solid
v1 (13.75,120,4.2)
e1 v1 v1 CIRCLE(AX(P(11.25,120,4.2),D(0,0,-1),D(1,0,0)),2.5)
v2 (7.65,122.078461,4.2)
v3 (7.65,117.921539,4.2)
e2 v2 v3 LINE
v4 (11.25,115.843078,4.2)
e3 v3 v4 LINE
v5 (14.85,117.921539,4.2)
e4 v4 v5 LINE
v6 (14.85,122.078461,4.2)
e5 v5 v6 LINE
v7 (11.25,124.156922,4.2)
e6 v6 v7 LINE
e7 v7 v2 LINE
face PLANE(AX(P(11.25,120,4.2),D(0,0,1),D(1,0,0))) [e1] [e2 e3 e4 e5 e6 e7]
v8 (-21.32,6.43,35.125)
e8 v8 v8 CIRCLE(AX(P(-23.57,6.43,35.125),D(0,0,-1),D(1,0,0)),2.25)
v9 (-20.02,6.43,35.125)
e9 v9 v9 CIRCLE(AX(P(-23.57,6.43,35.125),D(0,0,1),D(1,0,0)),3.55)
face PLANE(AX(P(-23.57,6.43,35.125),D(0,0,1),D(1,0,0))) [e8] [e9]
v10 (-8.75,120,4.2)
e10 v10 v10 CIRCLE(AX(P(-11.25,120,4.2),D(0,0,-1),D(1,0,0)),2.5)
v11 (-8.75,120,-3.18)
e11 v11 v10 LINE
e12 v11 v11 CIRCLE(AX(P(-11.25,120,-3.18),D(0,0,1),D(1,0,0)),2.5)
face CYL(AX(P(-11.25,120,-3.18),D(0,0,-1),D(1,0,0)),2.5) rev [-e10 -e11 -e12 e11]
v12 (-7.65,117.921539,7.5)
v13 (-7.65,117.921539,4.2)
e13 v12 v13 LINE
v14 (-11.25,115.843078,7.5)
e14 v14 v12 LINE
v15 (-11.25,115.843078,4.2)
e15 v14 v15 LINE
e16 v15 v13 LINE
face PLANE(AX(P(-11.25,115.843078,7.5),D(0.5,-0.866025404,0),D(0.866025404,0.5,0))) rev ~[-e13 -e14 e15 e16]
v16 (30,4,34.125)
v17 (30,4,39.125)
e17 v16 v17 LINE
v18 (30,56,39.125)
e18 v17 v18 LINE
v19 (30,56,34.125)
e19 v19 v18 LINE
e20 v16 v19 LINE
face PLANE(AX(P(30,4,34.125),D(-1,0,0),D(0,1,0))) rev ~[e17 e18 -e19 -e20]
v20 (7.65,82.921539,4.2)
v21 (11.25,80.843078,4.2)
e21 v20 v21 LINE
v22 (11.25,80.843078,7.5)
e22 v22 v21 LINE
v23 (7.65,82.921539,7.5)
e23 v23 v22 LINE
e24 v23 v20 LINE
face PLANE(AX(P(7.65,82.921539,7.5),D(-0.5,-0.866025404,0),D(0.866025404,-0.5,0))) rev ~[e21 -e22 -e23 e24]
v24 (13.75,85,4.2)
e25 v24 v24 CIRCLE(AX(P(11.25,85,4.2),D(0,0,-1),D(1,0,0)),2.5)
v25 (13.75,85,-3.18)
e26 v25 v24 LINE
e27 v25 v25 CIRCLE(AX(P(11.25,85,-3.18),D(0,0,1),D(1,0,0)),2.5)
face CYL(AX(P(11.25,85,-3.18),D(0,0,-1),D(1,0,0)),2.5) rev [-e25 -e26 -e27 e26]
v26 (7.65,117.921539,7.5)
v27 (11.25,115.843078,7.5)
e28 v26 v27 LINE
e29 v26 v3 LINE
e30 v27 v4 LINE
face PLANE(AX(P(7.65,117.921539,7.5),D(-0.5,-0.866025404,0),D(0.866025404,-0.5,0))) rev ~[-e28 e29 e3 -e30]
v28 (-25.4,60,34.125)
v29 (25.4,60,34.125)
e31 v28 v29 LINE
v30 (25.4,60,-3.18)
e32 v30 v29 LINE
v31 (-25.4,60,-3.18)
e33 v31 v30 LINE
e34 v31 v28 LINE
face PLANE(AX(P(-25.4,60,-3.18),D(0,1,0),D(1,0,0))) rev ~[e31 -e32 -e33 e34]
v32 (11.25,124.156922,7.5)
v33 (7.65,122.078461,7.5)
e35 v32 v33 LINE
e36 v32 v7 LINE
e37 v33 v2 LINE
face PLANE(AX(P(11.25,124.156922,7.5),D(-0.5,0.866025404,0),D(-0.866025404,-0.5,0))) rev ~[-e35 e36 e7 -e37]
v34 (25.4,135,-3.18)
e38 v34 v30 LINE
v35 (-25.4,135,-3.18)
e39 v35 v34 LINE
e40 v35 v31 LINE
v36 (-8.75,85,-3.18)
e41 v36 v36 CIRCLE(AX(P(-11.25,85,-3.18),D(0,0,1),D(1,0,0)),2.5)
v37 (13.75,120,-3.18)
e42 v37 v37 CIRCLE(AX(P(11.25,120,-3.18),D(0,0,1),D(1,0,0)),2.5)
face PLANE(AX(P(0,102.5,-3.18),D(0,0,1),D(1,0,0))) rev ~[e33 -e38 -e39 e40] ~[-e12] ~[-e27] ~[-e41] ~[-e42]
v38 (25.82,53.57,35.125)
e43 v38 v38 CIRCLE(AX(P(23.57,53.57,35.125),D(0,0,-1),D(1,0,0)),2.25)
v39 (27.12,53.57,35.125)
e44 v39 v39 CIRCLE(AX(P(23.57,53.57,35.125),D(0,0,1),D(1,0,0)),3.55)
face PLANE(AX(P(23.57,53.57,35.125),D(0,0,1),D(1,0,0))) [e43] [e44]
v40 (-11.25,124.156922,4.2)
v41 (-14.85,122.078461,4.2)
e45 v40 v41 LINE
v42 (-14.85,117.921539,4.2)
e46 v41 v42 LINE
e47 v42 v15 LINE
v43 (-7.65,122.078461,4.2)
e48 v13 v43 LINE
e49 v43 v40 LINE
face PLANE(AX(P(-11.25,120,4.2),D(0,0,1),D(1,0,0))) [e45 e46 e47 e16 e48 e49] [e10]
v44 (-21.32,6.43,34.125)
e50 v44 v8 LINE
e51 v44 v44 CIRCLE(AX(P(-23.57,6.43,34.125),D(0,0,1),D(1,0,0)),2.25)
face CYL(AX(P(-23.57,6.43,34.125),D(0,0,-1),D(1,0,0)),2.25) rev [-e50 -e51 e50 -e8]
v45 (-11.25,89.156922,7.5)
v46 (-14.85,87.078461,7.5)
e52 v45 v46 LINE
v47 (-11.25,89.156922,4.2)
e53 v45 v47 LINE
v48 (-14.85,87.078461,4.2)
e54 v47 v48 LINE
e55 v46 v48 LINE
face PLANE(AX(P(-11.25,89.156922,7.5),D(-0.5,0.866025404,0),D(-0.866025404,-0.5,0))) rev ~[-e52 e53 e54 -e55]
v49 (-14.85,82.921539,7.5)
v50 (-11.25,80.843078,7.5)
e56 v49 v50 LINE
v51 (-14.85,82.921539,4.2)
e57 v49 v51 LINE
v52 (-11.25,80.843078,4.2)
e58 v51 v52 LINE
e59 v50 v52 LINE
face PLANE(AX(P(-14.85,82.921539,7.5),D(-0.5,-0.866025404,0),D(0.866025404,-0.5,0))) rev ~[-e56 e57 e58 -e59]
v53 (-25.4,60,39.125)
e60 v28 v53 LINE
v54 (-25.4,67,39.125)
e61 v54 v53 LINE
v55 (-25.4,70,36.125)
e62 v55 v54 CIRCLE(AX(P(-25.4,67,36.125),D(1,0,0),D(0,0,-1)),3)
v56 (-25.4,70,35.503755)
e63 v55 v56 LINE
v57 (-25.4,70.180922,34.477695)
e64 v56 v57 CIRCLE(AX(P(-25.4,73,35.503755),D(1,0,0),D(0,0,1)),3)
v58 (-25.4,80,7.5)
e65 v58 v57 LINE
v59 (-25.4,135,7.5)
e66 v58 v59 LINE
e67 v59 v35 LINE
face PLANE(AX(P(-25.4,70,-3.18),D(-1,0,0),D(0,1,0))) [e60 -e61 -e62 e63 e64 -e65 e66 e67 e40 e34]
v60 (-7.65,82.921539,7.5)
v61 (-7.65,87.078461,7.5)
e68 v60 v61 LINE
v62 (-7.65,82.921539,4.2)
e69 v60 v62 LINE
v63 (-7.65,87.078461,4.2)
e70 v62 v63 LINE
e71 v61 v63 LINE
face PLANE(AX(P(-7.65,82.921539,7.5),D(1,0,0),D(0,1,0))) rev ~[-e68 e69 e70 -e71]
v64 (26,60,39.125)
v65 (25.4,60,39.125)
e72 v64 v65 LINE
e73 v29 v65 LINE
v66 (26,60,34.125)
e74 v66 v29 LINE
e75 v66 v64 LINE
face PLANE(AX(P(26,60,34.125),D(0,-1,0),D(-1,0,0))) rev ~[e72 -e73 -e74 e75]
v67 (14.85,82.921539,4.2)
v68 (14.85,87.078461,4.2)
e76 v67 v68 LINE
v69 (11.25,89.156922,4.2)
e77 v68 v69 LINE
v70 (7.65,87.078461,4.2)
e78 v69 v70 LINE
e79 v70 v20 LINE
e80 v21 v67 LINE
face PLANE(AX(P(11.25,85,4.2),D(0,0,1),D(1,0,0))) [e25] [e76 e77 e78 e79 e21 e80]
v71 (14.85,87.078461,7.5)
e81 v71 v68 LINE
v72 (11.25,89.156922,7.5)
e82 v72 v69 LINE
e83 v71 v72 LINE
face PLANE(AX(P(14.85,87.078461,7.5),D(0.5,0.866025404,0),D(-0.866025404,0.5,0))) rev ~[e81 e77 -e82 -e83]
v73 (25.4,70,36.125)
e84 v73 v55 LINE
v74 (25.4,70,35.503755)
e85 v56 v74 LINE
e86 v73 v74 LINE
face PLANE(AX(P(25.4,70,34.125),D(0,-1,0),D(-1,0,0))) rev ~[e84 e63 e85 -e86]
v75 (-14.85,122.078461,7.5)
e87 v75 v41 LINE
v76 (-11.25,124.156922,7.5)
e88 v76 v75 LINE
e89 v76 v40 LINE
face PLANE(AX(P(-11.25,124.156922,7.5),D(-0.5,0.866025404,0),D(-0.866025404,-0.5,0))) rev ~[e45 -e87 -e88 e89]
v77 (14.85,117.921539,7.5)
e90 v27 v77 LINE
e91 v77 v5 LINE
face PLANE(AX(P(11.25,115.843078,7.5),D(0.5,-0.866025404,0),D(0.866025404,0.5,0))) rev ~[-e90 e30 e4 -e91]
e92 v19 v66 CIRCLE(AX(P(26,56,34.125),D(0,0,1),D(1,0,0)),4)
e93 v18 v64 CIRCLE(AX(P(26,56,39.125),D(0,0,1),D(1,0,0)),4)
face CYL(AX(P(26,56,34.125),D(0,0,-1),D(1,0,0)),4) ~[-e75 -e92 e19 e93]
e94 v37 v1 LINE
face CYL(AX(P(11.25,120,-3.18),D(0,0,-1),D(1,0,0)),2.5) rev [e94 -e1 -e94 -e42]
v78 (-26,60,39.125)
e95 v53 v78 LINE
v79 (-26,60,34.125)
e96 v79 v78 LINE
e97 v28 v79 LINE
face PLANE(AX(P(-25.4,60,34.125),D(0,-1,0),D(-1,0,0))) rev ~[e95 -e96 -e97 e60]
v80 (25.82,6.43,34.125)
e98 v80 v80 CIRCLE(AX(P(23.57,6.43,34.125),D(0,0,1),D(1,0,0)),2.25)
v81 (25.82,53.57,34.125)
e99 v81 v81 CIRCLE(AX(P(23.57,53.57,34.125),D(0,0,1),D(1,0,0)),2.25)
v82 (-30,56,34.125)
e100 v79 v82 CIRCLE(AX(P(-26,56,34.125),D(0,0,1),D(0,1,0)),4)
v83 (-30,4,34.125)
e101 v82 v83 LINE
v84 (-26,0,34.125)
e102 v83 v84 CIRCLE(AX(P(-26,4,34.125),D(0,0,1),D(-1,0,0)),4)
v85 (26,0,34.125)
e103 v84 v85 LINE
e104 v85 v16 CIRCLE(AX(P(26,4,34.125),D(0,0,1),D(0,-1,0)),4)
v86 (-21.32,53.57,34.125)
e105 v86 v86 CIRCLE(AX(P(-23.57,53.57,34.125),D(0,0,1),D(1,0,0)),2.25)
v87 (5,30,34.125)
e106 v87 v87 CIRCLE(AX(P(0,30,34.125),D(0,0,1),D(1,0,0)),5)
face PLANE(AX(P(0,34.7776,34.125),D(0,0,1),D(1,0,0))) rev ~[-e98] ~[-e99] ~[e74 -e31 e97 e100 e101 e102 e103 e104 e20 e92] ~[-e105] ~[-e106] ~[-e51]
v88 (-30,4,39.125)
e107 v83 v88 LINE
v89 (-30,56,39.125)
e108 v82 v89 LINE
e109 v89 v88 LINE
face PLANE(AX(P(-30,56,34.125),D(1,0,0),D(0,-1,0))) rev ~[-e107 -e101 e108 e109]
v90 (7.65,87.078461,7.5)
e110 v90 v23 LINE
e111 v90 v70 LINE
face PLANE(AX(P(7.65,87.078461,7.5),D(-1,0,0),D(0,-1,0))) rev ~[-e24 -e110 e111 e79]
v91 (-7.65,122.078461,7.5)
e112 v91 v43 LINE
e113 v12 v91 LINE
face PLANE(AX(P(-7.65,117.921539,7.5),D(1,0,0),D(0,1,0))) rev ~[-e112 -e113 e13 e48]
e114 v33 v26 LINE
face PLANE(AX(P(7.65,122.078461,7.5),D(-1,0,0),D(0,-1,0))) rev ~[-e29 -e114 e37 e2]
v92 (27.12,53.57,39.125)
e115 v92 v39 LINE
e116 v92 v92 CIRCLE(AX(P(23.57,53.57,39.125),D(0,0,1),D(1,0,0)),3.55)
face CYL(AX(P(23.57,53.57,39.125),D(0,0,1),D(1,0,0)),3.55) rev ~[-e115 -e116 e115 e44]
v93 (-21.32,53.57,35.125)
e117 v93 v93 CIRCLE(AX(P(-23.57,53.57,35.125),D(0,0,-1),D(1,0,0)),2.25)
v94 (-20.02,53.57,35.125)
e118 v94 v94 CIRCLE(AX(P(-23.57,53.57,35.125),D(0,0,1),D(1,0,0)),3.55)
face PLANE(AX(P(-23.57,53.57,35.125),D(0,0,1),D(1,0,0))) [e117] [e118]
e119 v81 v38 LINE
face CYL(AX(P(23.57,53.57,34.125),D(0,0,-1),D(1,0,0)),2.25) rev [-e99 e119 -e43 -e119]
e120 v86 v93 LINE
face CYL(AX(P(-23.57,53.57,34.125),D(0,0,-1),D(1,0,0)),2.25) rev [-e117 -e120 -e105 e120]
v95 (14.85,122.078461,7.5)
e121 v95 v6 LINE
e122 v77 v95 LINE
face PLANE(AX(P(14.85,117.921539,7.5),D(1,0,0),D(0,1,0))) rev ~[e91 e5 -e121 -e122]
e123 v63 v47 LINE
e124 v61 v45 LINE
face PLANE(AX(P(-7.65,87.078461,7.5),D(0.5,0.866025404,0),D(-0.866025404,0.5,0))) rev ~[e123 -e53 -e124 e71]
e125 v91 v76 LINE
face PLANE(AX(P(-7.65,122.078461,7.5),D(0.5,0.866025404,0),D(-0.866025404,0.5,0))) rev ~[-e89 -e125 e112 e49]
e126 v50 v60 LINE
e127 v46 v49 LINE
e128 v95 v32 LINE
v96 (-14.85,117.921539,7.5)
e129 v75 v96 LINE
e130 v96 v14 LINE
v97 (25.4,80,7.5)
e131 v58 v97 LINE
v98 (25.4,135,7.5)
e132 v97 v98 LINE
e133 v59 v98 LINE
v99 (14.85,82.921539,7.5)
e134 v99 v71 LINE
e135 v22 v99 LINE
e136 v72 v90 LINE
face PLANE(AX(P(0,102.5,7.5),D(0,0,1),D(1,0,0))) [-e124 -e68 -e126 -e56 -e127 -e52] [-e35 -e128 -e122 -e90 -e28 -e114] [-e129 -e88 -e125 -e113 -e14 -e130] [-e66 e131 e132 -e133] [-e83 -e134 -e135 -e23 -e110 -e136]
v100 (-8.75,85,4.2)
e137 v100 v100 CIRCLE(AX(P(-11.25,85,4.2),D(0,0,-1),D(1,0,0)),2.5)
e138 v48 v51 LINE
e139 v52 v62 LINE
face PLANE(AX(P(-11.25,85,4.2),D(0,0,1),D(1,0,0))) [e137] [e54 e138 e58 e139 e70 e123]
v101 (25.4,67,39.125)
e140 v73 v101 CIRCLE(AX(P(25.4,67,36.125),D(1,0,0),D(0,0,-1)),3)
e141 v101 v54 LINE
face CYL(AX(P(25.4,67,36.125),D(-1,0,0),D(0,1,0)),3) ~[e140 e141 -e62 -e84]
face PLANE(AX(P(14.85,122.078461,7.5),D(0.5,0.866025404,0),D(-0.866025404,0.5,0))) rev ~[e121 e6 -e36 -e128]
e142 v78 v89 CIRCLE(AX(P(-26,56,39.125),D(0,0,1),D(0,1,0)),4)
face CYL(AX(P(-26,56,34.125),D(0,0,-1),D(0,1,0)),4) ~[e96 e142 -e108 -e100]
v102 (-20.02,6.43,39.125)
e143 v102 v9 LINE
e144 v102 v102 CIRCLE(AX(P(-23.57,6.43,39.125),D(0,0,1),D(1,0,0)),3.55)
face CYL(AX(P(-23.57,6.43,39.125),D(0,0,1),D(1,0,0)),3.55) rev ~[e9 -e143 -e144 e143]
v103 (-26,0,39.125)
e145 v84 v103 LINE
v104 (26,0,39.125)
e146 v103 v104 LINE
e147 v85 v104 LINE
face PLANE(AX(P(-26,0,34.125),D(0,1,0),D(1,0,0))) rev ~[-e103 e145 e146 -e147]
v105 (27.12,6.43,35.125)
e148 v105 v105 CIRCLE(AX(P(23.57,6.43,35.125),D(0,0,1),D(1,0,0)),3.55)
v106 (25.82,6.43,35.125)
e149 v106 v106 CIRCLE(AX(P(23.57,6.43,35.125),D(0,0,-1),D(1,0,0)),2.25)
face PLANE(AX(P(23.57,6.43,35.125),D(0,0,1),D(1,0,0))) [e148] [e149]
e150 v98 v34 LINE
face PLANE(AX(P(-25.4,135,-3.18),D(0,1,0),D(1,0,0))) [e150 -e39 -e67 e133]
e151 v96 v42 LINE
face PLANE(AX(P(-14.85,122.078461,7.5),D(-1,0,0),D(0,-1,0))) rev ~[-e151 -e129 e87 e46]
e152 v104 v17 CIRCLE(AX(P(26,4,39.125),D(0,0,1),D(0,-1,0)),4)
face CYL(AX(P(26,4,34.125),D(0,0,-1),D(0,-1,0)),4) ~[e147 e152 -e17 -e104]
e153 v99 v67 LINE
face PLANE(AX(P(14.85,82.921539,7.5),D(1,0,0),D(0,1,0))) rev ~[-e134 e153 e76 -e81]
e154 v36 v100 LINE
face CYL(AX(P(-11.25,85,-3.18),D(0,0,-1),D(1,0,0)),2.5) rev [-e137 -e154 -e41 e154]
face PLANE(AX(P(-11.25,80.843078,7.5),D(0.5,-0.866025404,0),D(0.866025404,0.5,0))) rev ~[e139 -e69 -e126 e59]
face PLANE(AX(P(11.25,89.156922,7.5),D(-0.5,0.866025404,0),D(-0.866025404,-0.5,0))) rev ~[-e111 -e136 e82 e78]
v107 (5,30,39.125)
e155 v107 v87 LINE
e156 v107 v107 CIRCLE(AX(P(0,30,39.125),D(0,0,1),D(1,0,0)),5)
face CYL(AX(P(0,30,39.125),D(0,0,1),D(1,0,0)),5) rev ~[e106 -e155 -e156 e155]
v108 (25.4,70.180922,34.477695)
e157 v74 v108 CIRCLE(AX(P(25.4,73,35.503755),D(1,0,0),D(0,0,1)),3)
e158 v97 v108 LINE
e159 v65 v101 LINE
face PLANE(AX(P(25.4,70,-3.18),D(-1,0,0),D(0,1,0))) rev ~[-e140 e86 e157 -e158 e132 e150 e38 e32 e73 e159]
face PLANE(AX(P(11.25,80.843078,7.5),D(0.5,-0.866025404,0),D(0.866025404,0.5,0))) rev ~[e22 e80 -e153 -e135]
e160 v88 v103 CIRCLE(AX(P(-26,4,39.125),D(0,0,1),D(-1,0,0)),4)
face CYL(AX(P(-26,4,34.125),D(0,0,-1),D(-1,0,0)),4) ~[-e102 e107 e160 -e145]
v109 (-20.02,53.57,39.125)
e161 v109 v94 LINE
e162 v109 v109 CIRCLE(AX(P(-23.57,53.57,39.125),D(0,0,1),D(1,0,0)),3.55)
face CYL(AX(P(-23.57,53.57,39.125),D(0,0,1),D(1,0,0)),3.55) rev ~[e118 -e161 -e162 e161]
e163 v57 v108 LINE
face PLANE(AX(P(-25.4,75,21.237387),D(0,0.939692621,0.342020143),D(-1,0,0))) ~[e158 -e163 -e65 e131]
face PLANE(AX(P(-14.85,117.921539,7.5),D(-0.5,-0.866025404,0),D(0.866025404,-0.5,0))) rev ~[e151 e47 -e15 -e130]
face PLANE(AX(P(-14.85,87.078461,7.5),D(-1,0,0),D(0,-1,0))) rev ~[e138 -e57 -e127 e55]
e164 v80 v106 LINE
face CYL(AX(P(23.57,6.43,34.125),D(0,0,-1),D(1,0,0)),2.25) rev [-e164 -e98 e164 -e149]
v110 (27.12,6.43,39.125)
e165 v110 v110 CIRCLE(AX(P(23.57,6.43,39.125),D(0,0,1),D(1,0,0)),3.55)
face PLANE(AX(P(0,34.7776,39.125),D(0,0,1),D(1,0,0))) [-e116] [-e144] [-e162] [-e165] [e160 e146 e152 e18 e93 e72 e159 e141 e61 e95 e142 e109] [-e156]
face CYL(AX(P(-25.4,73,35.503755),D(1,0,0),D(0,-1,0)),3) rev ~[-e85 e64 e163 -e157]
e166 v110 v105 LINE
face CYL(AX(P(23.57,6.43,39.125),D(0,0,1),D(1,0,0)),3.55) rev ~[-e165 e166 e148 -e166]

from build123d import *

# Parameters (mm, degrees)
SKETCH1_W           = 50.8
SKETCH1_H           = 65.000000038
SKETCH1_R           = 2.5
EXTRUDE_5_DEPTH     = 7.5
SKETCH1_3_W         = 50.8
SKETCH1_3_H         = 10
BOSS_EXTRUDE1_DEPTH = 34.125
BOSS_EXTRUDE2_START = 34.125
SKETCH1_4_R         = 2.25
BOSS_EXTRUDE2_DEPTH = 5
CHAMFER1_SIZE       = 10
CHAMFER1_SIZE2      = 27.474774195
FILLET1_R           = 3
SKETCH2_R           = 5
CUT_EXTRUDE1_DEPTH  = 144.721138443
SKETCH3_R           = 3.55
CUT_EXTRUDE2_DEPTH  = 4
CUT_EXTRUDE3_DEPTH  = 3.3
BOSS_EXTRUDE3_START = -3.18
SKETCH1_5_W         = 50.8
SKETCH1_5_H         = 65.000000038
SKETCH1_5_R         = 2.5
SKETCH1_5_H_2       = 10
BOSS_EXTRUDE3_DEPTH = 3.18


with BuildPart() as part:
    # Sketch1 → 5 (new body)
    with BuildSketch(Plane.XY):
        with Locations((0, 102.500000019)):
            Rectangle(SKETCH1_W, SKETCH1_H)
        with Locations((-11.25, 85.000000038)):
            Circle(SKETCH1_R, mode=Mode.SUBTRACT)
        with Locations((-11.25, 120.000000038)):
            Circle(SKETCH1_R, mode=Mode.SUBTRACT)
        with Locations((11.25, 85.000000038)):
            Circle(SKETCH1_R, mode=Mode.SUBTRACT)
        with Locations((11.25, 120.000000038)):
            Circle(SKETCH1_R, mode=Mode.SUBTRACT)
    extrude(amount=EXTRUDE_5_DEPTH)

    # Sketch1<3> → Boss-Extrude1 (add)
    with BuildSketch(Plane.XY):
        with Locations((0, 65)):
            Rectangle(SKETCH1_3_W, SKETCH1_3_H)
    extrude(amount=BOSS_EXTRUDE1_DEPTH)

    # Sketch1<4> → Boss-Extrude2 (add)
    with BuildSketch(Plane.XY.offset(BOSS_EXTRUDE2_START)):
        with BuildLine():
            Line((-25.4, 70), (-25.4, 60))
            Line((-25.4, 60), (-26, 60))
            ThreePointArc((-26, 60), (-28.828427125, 58.828427125), (-30, 56))
            Line((-30, 56), (-30, 4))
            ThreePointArc((-30, 4), (-28.828427125, 1.171572875), (-26, 0))
            Line((-26, 0), (26, 0))
            ThreePointArc((26, 0), (28.828427125, 1.171572875), (30, 4))
            Line((30, 4), (30, 56))
            ThreePointArc((30, 56), (28.828427125, 58.828427125), (26, 60))
            Line((26, 60), (25.4, 60))
            Line((25.4, 60), (25.4, 70))
            Line((25.4, 70), (-25.4, 70))
        make_face()
        with Locations((23.57, 53.57)):
            Circle(SKETCH1_4_R, mode=Mode.SUBTRACT)
        with Locations((-23.57, 6.43)):
            Circle(SKETCH1_4_R, mode=Mode.SUBTRACT)
        with Locations((-23.57, 53.57)):
            Circle(SKETCH1_4_R, mode=Mode.SUBTRACT)
        with Locations((23.57, 6.43)):
            Circle(SKETCH1_4_R, mode=Mode.SUBTRACT)
    extrude(amount=BOSS_EXTRUDE2_DEPTH)

    # Chamfer1
    chamfer1_edges = [part.edges().sort_by_distance(p)[0] for p in [
        (0, 70, 7.5),
    ]]
    chamfer1_side = [part.faces().sort_by_distance(p)[0] for p in [
        (0, 102.500000019, 7.5),
    ]]
    chamfer(chamfer1_edges, length=CHAMFER1_SIZE, length2=CHAMFER1_SIZE2, reference=chamfer1_side[0])

    # Fillet1
    fillet1_edges = [part.edges().sort_by_distance(p)[0] for p in [
        (0, 70, 39.125),
        (0, 70, 34.974774195),
    ]]
    fillet(fillet1_edges, radius=FILLET1_R)

    # Sketch2 → Cut-Extrude1 (cut, through all)
    with BuildSketch(Plane.XY.offset(39.125)):
        with Locations((0, 30)):
            Circle(SKETCH2_R)
    extrude(amount=-CUT_EXTRUDE1_DEPTH, mode=Mode.SUBTRACT)

    # Sketch3 → Cut-Extrude2 (cut)
    with BuildSketch(Plane.XY.offset(39.125)):
        with Locations((-23.57, 53.57)):
            Circle(SKETCH3_R)
        with Locations((23.57, 53.57)):
            Circle(SKETCH3_R)
        with Locations((-23.57, 6.43)):
            Circle(SKETCH3_R)
        with Locations((23.57, 6.43)):
            Circle(SKETCH3_R)
    extrude(amount=-CUT_EXTRUDE2_DEPTH, mode=Mode.SUBTRACT)

    # Sketch4 → Cut-Extrude3 (cut)
    with BuildSketch(Plane.XY.offset(7.5)):
        Polygon((-11.25, 124.156921976), (-14.85, 122.078461007), (-14.85, 117.921539069), (-11.25, 115.8430781), (-7.65, 117.921539069), (-7.65, 122.078461007), align=None)
        Polygon((11.25, 124.156921976), (7.65, 122.078461007), (7.65, 117.921539069), (11.25, 115.8430781), (14.85, 117.921539069), (14.85, 122.078461007), align=None)
        Polygon((-11.25, 89.156921976), (-14.85, 87.078461007), (-14.85, 82.921539069), (-11.25, 80.8430781), (-7.65, 82.921539069), (-7.65, 87.078461007), align=None)
        Polygon((11.25, 89.156921976), (7.65, 87.078461007), (7.65, 82.921539069), (11.25, 80.8430781), (14.85, 82.921539069), (14.85, 87.078461007), align=None)
    extrude(amount=-CUT_EXTRUDE3_DEPTH, mode=Mode.SUBTRACT)

    # Sketch1<5> → Boss-Extrude3 (add)
    # profile 1 of 2: a face of its own
    with BuildSketch(Plane.XY.offset(BOSS_EXTRUDE3_START)):
        with Locations((0, 102.500000019)):
            Rectangle(SKETCH1_5_W, SKETCH1_5_H)
        with Locations((-11.25, 85.000000038)):
            Circle(SKETCH1_5_R, mode=Mode.SUBTRACT)
        with Locations((-11.25, 120.000000038)):
            Circle(SKETCH1_5_R, mode=Mode.SUBTRACT)
        with Locations((11.25, 85.000000038)):
            Circle(SKETCH1_5_R, mode=Mode.SUBTRACT)
        with Locations((11.25, 120.000000038)):
            Circle(SKETCH1_5_R, mode=Mode.SUBTRACT)
    # profile 2 of 2: a face of its own
    with BuildSketch(Plane.XY.offset(BOSS_EXTRUDE3_START)):
        with Locations((0, 65)):
            Rectangle(SKETCH1_5_W, SKETCH1_5_H_2)
    extrude(amount=BOSS_EXTRUDE3_DEPTH)


solid = part.part
